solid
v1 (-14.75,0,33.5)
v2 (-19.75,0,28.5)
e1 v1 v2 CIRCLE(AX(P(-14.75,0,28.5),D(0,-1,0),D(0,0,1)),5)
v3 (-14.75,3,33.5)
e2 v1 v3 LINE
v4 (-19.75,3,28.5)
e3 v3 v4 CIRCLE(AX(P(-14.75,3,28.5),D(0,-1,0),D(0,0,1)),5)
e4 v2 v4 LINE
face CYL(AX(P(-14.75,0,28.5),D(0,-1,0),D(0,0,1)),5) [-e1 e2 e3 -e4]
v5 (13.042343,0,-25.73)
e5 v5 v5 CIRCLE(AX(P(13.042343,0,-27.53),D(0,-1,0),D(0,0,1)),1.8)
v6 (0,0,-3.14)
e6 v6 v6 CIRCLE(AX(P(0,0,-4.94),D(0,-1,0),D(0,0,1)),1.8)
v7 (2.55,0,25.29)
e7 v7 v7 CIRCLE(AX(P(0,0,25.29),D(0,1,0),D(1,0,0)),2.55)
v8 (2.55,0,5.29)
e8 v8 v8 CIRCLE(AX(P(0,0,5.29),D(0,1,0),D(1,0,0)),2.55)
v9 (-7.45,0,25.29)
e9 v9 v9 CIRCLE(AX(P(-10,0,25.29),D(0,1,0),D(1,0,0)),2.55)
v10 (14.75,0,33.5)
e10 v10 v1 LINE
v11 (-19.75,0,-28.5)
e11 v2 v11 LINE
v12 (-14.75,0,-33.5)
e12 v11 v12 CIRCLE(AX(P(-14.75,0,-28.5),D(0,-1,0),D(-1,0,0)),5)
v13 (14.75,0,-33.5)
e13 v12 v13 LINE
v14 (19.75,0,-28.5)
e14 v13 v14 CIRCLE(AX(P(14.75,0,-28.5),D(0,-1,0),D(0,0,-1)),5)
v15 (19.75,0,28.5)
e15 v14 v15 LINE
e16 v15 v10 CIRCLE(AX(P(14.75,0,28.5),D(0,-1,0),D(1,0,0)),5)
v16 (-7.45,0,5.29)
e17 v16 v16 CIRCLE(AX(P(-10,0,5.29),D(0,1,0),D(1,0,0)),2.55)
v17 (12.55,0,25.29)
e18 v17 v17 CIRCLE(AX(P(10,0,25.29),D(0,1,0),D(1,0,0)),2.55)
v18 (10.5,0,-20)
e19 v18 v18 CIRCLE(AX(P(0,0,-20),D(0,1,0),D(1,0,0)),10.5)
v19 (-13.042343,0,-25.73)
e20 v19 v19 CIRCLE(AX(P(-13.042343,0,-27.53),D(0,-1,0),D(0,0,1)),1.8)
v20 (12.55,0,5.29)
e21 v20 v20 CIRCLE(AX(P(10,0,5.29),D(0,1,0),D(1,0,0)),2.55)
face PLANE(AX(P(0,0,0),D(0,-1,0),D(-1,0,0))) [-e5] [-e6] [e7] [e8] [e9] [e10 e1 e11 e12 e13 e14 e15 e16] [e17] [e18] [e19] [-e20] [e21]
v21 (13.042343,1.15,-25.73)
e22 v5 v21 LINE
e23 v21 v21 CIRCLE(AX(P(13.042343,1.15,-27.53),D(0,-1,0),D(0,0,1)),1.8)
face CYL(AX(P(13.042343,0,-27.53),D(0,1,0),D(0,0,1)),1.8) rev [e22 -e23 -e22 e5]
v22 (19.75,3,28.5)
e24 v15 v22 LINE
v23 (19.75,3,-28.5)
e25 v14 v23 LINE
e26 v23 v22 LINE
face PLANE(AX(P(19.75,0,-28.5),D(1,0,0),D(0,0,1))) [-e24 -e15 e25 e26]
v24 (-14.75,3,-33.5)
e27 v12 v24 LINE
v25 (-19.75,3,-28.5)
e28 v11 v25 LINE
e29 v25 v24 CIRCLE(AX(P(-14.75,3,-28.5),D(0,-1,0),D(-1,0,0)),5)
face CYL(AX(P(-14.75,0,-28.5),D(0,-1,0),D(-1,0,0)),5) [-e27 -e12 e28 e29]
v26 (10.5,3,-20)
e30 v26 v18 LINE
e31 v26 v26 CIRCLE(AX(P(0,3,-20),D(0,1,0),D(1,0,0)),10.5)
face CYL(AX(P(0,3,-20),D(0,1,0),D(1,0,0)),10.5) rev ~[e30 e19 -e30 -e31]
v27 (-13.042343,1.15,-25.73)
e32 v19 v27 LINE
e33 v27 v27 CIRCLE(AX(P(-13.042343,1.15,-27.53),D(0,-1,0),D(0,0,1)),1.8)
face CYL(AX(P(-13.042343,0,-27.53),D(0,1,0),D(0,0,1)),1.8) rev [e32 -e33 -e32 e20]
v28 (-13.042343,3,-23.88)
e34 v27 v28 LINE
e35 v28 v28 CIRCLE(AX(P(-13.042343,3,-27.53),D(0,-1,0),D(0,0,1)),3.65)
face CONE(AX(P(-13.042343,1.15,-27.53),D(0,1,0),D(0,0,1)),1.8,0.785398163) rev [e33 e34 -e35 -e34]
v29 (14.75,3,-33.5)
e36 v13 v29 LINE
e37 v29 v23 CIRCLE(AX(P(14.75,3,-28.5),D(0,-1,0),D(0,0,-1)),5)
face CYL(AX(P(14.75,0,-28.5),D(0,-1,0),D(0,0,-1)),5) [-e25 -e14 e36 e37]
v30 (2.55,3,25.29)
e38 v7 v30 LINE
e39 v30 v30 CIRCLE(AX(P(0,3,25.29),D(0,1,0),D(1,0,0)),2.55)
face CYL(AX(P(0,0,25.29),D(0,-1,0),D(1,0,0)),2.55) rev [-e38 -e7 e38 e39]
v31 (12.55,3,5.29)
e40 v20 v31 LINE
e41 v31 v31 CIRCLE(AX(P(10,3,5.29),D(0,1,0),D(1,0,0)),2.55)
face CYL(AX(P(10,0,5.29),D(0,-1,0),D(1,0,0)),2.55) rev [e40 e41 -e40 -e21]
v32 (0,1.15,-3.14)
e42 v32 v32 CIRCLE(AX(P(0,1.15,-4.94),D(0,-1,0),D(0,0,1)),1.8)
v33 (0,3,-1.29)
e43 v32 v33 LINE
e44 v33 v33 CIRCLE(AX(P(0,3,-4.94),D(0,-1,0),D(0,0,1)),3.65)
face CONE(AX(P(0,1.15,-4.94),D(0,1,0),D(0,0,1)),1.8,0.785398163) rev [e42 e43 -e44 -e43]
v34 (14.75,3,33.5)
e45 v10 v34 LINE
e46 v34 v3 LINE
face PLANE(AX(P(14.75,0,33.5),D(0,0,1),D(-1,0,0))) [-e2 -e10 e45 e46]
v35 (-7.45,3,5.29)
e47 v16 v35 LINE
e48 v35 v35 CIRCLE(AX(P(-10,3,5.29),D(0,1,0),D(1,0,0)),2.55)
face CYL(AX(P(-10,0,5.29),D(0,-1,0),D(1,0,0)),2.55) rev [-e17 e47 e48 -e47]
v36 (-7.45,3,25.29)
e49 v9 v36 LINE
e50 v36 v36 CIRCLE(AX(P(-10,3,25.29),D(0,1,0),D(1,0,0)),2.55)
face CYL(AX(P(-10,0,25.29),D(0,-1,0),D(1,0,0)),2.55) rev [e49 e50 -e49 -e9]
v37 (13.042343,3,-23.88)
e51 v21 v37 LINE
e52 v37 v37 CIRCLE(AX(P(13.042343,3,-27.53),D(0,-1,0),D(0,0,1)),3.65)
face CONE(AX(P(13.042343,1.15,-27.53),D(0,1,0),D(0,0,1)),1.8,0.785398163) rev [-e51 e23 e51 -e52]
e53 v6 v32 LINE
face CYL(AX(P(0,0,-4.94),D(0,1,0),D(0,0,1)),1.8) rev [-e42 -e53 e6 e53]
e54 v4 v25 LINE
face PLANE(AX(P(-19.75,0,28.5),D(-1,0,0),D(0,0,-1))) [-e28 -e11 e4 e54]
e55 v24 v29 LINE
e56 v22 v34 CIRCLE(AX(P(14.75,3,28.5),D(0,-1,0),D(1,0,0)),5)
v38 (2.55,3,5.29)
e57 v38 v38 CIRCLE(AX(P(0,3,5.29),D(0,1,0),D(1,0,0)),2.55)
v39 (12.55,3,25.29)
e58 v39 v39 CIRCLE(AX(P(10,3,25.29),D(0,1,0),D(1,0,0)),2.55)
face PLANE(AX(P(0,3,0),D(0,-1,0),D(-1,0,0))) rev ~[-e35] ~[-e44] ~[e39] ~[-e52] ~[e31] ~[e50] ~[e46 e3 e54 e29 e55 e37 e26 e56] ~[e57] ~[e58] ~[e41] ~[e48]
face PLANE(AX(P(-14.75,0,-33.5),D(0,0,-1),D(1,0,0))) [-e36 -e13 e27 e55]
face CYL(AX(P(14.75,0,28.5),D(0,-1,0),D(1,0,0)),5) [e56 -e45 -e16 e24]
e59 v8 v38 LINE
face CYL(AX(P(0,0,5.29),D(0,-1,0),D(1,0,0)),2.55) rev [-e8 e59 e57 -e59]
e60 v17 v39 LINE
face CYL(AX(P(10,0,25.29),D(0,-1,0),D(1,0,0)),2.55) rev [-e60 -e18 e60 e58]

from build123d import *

# Parameters (mm, degrees)
SKETCH1_R                                      = 2.55
BOSS_EXTRUDE1_DEPTH                            = 3
SKETCH2_R                                      = 10.5
CUT_EXTRUDE2_DEPTH                             = 4
CSK_FOR_M3_FLAT_HEAD_MACHINE_SCREW1_AT_2_COUNT = 2
CSK_FOR_M3_FLAT_HEAD_MACHINE_SCREW1_AT_2_PITCH = 26.084685162
CSK_FOR_M3_FLAT_HEAD_MACHINE_SCREW1_AT_3_COUNT = 2
CSK_FOR_M3_FLAT_HEAD_MACHINE_SCREW1_AT_3_PITCH = 26.084685162


with BuildPart() as part:
    # Sketch1 → Boss-Extrude1 (new body)
    with BuildSketch(Plane(origin=(0, 0, 0), x_dir=(1, 0, 0), z_dir=(0, 1, 0))):
        with BuildLine():
            Line((14.75, -33.5), (-14.75, -33.5))
            ThreePointArc((-14.75, -33.5), (-18.285533906, -32.035533906), (-19.75, -28.5))
            Line((-19.75, -28.5), (-19.75, 28.5))
            ThreePointArc((-19.75, 28.5), (-18.285533906, 32.035533906), (-14.75, 33.5))
            Line((-14.75, 33.5), (14.75, 33.5))
            ThreePointArc((14.75, 33.5), (18.285533906, 32.035533906), (19.75, 28.5))
            Line((19.75, 28.5), (19.75, -28.5))
            ThreePointArc((19.75, -28.5), (18.285533906, -32.035533906), (14.75, -33.5))
        make_face()
        with Locations((0, 26.5)):
            Circle(SKETCH1_R, mode=Mode.SUBTRACT)
        with Locations((10, -25.29)):
            Circle(SKETCH1_R, mode=Mode.SUBTRACT)
        with Locations((10, -5.29)):
            Circle(SKETCH1_R, mode=Mode.SUBTRACT)
        with Locations((0, -25.29)):
            Circle(SKETCH1_R, mode=Mode.SUBTRACT)
        with Locations((0, -5.29)):
            Circle(SKETCH1_R, mode=Mode.SUBTRACT)
        with Locations((-10, -25.29)):
            Circle(SKETCH1_R, mode=Mode.SUBTRACT)
        with Locations((-10, -5.29)):
            Circle(SKETCH1_R, mode=Mode.SUBTRACT)
    extrude(amount=BOSS_EXTRUDE1_DEPTH)

    # Sketch2 → Cut-Extrude2 (cut, through all)
    with BuildSketch(Plane(origin=(0, 3, 0), x_dir=(1, 0, 0), z_dir=(0, 1, 0))):
        with Locations((0, 20)):
            Circle(SKETCH2_R)
    extrude(amount=-CUT_EXTRUDE2_DEPTH, mode=Mode.SUBTRACT)

    # Sketch4 → CSK for M3 Flat Head Machine Screw1 (revolve, cut)
    with BuildSketch(Plane(origin=(-13.042342581, 3, -27.53), x_dir=(0, 0, 1), z_dir=(1, 0, 0))):
        Polygon((0, 0), (0, 3), (1.8, 3), (1.8, 1.85), (3.65, 0), align=None)
    csk_for_m3_flat_head_machine_screw1 = revolve(axis=Axis((-13.042342581, 9.35, -27.53), (0, -1, 0)), mode=Mode.SUBTRACT)

    # CSK for M3 Flat Head Machine Screw1 at 2: CSK for M3 Flat Head Machine Screw1 ×2
    with Locations(*[(i * CSK_FOR_M3_FLAT_HEAD_MACHINE_SCREW1_AT_2_PITCH, 0, 0) for i in range(1, CSK_FOR_M3_FLAT_HEAD_MACHINE_SCREW1_AT_2_COUNT)]):
        add(csk_for_m3_flat_head_machine_screw1, mode=Mode.SUBTRACT)

    # CSK for M3 Flat Head Machine Screw1 at 3: CSK for M3 Flat Head Machine Screw1 ×2
    with Locations(*[Vector(0.5, 0, 0.866025404) * (i * CSK_FOR_M3_FLAT_HEAD_MACHINE_SCREW1_AT_3_PITCH) for i in range(1, CSK_FOR_M3_FLAT_HEAD_MACHINE_SCREW1_AT_3_COUNT)]):
        add(csk_for_m3_flat_head_machine_screw1, mode=Mode.SUBTRACT)


solid = part.part
